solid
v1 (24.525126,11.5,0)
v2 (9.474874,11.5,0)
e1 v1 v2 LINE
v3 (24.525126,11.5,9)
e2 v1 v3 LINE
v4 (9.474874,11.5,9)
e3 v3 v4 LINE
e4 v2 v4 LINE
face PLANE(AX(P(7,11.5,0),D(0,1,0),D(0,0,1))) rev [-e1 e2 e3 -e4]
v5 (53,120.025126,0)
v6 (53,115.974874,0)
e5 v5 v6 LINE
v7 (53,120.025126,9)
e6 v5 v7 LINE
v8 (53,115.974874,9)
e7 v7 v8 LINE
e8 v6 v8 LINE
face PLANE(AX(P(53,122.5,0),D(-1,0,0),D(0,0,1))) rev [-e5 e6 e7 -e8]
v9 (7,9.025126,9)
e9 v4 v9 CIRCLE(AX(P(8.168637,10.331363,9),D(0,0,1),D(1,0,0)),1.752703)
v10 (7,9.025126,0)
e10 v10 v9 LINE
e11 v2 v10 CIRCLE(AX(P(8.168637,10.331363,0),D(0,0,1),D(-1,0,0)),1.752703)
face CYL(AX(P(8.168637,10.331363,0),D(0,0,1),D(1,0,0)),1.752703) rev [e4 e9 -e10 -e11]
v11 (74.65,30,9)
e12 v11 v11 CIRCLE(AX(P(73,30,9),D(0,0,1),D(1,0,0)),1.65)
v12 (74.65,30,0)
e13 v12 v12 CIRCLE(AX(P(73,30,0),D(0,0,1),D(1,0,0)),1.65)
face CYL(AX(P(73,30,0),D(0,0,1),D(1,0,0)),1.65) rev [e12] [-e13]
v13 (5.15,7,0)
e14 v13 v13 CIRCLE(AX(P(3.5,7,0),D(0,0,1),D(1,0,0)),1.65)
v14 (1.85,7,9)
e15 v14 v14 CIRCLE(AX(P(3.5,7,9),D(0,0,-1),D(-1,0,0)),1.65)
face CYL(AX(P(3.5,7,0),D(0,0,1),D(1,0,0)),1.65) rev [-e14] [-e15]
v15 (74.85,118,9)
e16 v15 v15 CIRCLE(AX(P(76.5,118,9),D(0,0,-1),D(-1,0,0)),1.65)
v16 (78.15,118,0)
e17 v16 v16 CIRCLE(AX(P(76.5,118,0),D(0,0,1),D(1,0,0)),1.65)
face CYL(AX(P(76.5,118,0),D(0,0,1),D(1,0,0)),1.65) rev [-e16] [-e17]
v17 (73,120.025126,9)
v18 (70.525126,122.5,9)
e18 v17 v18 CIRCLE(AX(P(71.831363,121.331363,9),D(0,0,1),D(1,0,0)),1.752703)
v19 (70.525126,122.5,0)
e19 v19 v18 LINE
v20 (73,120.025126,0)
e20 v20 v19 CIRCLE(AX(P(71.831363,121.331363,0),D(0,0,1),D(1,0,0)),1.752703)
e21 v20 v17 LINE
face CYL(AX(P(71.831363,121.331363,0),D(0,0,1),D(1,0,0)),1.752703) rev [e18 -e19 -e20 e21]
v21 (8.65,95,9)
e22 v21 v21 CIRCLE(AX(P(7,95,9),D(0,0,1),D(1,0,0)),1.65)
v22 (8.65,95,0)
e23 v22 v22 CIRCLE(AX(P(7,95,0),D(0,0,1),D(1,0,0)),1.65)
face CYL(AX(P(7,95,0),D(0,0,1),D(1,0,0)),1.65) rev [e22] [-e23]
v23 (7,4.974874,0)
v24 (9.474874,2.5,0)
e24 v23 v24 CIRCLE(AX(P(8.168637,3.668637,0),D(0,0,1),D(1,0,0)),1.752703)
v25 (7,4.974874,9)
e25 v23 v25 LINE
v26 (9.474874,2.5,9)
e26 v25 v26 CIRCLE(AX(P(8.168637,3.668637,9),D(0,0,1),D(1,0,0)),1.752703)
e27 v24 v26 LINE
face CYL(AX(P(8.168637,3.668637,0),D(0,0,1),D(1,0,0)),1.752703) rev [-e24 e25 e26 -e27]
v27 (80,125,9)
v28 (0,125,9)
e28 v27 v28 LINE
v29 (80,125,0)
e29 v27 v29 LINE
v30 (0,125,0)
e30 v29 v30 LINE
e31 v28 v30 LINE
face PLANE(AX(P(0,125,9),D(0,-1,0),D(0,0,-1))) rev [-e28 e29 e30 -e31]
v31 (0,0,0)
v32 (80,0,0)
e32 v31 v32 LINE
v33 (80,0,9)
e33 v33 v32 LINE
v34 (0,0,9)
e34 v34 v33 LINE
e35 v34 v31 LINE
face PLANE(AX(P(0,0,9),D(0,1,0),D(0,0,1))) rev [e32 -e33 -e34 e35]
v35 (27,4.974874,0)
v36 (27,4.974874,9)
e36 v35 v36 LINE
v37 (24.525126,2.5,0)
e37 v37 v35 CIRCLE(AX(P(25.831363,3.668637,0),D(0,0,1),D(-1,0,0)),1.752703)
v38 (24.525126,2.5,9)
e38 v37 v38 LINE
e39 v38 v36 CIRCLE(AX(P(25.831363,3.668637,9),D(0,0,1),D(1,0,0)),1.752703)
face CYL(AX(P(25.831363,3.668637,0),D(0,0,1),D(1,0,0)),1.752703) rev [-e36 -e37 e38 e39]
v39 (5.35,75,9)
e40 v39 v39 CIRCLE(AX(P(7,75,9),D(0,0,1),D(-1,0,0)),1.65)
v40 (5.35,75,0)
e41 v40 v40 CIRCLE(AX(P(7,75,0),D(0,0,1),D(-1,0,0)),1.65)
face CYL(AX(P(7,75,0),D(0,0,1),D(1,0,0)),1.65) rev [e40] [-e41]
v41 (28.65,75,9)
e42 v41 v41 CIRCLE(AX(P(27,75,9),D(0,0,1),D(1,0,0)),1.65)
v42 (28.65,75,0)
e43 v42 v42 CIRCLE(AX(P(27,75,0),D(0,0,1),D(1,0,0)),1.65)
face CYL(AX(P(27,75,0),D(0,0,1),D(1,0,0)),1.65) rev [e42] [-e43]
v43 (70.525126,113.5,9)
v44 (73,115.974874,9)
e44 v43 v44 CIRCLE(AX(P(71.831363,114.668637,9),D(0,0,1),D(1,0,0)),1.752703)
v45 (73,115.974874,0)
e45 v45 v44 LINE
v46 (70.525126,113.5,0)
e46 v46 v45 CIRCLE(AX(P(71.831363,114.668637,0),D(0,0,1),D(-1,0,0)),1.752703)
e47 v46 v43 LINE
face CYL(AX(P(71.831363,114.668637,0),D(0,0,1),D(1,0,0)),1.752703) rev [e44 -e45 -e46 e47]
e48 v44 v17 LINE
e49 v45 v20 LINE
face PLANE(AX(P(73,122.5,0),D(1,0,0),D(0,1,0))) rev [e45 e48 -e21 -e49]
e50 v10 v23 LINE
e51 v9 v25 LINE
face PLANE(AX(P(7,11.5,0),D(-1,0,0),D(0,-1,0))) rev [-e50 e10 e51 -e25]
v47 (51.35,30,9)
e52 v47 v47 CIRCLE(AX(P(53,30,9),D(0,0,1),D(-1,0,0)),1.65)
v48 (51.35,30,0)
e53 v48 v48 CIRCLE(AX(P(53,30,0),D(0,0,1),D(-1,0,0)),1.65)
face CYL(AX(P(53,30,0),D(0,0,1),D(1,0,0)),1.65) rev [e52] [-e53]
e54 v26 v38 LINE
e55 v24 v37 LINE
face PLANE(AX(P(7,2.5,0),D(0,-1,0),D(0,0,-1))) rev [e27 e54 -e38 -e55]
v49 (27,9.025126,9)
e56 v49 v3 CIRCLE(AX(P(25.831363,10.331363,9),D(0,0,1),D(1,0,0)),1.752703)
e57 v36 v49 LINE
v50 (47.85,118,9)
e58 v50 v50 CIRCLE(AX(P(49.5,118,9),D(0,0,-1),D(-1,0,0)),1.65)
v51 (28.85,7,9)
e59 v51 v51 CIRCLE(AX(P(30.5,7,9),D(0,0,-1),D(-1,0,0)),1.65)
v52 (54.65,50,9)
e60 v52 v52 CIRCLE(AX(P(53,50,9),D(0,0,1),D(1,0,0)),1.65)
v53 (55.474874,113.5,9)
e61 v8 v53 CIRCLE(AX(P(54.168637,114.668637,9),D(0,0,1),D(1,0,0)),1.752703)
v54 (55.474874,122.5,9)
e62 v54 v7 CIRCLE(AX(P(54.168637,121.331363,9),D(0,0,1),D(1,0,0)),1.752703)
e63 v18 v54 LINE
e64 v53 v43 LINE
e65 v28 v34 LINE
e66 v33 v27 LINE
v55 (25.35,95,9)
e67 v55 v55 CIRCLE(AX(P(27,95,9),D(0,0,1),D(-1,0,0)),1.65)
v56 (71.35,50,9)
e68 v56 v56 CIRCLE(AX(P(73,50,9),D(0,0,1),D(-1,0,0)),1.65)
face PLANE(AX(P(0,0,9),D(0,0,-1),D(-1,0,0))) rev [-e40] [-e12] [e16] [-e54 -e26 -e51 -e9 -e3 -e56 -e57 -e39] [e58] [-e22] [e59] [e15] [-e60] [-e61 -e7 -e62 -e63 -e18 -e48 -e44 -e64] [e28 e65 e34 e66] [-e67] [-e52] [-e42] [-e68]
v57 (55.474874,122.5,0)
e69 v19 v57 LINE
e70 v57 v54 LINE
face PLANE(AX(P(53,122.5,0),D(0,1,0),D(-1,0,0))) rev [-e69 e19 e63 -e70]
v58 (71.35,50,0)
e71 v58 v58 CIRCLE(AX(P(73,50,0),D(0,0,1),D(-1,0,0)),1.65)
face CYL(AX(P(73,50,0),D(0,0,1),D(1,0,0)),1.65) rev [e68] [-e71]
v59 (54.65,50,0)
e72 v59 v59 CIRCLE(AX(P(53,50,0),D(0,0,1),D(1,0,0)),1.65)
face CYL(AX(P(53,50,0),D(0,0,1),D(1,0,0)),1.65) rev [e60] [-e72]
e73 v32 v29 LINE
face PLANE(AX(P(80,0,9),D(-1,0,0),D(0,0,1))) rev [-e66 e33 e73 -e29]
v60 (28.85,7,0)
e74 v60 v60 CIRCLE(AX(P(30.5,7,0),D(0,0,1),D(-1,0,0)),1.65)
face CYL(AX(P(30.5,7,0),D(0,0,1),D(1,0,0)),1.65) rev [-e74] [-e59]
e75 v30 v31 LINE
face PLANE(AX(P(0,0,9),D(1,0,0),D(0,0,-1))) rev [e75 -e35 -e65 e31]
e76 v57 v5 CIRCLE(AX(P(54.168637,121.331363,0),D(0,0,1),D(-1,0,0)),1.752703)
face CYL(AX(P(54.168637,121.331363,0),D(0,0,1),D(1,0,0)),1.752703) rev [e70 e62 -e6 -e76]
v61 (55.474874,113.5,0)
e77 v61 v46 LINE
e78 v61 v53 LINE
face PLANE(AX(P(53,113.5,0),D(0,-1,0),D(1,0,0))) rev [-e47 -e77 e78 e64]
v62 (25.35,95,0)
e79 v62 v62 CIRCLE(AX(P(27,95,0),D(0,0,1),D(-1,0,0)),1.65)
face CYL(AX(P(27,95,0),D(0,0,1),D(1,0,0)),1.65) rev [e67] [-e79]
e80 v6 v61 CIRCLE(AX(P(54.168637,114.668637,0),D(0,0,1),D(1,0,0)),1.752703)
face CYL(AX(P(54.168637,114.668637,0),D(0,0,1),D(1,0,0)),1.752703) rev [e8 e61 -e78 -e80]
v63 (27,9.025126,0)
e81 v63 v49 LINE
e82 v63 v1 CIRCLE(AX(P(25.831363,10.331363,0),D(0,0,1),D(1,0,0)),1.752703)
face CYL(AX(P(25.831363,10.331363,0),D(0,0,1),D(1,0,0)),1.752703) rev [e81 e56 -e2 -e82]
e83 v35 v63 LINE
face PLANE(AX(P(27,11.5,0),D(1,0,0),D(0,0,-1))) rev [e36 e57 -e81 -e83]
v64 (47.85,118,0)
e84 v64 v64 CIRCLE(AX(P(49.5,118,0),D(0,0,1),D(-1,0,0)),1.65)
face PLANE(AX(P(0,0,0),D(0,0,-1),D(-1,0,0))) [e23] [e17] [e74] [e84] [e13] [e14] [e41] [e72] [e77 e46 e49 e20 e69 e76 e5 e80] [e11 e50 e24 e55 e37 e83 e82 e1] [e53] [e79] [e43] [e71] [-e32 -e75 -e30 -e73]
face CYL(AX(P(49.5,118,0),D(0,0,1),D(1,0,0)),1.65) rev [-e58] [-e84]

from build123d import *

# Parameters (mm, degrees)
ESQUISSE1_W                  = 80
ESQUISSE1_H                  = 125
BOSS_EXTRU_1_DEPTH           = 9
ESQUISSE2_W                  = 20
ESQUISSE2_H                  = 9
ENL_V_MAT_EXTRU_1_DEPTH      = 9
ENL_V_MAT_EXTRU_2_DEPTH      = 149.680866287
ENL_V_MAT_EXTRU_2_DEPTH_BACK = 149.680866287
ESQUISSE3_R                  = 1.65
ESQUISSE4_R                  = 1.65
ENL_V_MAT_EXTRU_3_DEPTH      = 9


with BuildPart() as part:
    # Esquisse1 → Boss.-Extru.1 (new body)
    with BuildSketch(Plane.XY):
        with Locations((40, 62.5)):
            Rectangle(ESQUISSE1_W, ESQUISSE1_H)
    extrude(amount=BOSS_EXTRU_1_DEPTH)

    # Esquisse2 → Enlèv. mat.-Extru.1 (cut)
    with BuildSketch(Plane.XY.offset(9)):
        with Locations((17, 7)):
            Rectangle(ESQUISSE2_W, ESQUISSE2_H)
        with Locations((63, 118)):
            Rectangle(ESQUISSE2_W, ESQUISSE2_H)
    extrude(amount=-ENL_V_MAT_EXTRU_1_DEPTH, mode=Mode.SUBTRACT)

    # Esquisse3 → Enlèv. mat.-Extru.2 (cut, two sides: drawn at the far end of the back side and taken through both)
    with BuildSketch(Plane.XY.offset(9).offset(-ENL_V_MAT_EXTRU_2_DEPTH_BACK)):
        with Locations((3.5, 7)):
            Circle(ESQUISSE3_R)
        with Locations(Location((30.5, 7, 0), (0, 0, 180))):
            Circle(ESQUISSE3_R)
        with Locations(Location((49.5, 118, 0), (0, 0, 180))):
            Circle(ESQUISSE3_R)
        with Locations((76.5, 118)):
            Circle(ESQUISSE3_R)
        with BuildLine():
            Line((7, 9.025126266), (9.474873734, 11.5))
            ThreePointArc((9.474873734, 11.5), (6.929289322, 11.570710678), (7, 9.025126266))
        make_face()
        with BuildLine():
            Line((27, 9.025126266), (24.525126266, 11.5))
            ThreePointArc((24.525126266, 11.5), (27.070710678, 11.570710678), (27, 9.025126266))
        make_face()
        with BuildLine():
            Line((27, 4.974873734), (24.525126266, 2.5))
            ThreePointArc((24.525126266, 2.5), (27.070710678, 2.429289322), (27, 4.974873734))
        make_face()
        with BuildLine():
            Line((7, 4.974873734), (9.474873734, 2.5))
            ThreePointArc((9.474873734, 2.5), (6.929289322, 2.429289322), (7, 4.974873734))
        make_face()
        with BuildLine():
            Line((73, 115.974873734), (70.525126266, 113.5))
            ThreePointArc((70.525126266, 113.5), (73.070710678, 113.429289322), (73, 115.974873734))
        make_face()
        with BuildLine():
            Line((53, 115.974873734), (55.474873734, 113.5))
            ThreePointArc((55.474873734, 113.5), (52.929289322, 113.429289322), (53, 115.974873734))
        make_face()
        with BuildLine():
            Line((53, 120.025126266), (55.474873734, 122.5))
            ThreePointArc((55.474873734, 122.5), (52.929289322, 122.570710678), (53, 120.025126266))
        make_face()
        with BuildLine():
            Line((73, 120.025126266), (70.525126266, 122.5))
            ThreePointArc((70.525126266, 122.5), (73.070710678, 122.570710678), (73, 120.025126266))
        make_face()
    extrude(amount=ENL_V_MAT_EXTRU_2_DEPTH + ENL_V_MAT_EXTRU_2_DEPTH_BACK, mode=Mode.SUBTRACT)

    # Esquisse4 → Enlèv. mat.-Extru.3 (cut)
    with BuildSketch(Plane.XY.offset(9)):
        with Locations((7, 95)):
            Circle(ESQUISSE4_R)
        with Locations(Location((27, 95, 0), (0, 0, 180))):
            Circle(ESQUISSE4_R)
        with Locations((27, 75)):
            Circle(ESQUISSE4_R)
        with Locations(Location((7, 75, 0), (0, 0, 180))):
            Circle(ESQUISSE4_R)
        with Locations((73, 30)):
            Circle(ESQUISSE4_R)
        with Locations(Location((53, 30, 0), (0, 0, 180))):
            Circle(ESQUISSE4_R)
        with Locations((53, 50)):
            Circle(ESQUISSE4_R)
        with Locations(Location((73, 50, 0), (0, 0, 180))):
            Circle(ESQUISSE4_R)
    extrude(amount=-ENL_V_MAT_EXTRU_3_DEPTH, mode=Mode.SUBTRACT)


solid = part.part
